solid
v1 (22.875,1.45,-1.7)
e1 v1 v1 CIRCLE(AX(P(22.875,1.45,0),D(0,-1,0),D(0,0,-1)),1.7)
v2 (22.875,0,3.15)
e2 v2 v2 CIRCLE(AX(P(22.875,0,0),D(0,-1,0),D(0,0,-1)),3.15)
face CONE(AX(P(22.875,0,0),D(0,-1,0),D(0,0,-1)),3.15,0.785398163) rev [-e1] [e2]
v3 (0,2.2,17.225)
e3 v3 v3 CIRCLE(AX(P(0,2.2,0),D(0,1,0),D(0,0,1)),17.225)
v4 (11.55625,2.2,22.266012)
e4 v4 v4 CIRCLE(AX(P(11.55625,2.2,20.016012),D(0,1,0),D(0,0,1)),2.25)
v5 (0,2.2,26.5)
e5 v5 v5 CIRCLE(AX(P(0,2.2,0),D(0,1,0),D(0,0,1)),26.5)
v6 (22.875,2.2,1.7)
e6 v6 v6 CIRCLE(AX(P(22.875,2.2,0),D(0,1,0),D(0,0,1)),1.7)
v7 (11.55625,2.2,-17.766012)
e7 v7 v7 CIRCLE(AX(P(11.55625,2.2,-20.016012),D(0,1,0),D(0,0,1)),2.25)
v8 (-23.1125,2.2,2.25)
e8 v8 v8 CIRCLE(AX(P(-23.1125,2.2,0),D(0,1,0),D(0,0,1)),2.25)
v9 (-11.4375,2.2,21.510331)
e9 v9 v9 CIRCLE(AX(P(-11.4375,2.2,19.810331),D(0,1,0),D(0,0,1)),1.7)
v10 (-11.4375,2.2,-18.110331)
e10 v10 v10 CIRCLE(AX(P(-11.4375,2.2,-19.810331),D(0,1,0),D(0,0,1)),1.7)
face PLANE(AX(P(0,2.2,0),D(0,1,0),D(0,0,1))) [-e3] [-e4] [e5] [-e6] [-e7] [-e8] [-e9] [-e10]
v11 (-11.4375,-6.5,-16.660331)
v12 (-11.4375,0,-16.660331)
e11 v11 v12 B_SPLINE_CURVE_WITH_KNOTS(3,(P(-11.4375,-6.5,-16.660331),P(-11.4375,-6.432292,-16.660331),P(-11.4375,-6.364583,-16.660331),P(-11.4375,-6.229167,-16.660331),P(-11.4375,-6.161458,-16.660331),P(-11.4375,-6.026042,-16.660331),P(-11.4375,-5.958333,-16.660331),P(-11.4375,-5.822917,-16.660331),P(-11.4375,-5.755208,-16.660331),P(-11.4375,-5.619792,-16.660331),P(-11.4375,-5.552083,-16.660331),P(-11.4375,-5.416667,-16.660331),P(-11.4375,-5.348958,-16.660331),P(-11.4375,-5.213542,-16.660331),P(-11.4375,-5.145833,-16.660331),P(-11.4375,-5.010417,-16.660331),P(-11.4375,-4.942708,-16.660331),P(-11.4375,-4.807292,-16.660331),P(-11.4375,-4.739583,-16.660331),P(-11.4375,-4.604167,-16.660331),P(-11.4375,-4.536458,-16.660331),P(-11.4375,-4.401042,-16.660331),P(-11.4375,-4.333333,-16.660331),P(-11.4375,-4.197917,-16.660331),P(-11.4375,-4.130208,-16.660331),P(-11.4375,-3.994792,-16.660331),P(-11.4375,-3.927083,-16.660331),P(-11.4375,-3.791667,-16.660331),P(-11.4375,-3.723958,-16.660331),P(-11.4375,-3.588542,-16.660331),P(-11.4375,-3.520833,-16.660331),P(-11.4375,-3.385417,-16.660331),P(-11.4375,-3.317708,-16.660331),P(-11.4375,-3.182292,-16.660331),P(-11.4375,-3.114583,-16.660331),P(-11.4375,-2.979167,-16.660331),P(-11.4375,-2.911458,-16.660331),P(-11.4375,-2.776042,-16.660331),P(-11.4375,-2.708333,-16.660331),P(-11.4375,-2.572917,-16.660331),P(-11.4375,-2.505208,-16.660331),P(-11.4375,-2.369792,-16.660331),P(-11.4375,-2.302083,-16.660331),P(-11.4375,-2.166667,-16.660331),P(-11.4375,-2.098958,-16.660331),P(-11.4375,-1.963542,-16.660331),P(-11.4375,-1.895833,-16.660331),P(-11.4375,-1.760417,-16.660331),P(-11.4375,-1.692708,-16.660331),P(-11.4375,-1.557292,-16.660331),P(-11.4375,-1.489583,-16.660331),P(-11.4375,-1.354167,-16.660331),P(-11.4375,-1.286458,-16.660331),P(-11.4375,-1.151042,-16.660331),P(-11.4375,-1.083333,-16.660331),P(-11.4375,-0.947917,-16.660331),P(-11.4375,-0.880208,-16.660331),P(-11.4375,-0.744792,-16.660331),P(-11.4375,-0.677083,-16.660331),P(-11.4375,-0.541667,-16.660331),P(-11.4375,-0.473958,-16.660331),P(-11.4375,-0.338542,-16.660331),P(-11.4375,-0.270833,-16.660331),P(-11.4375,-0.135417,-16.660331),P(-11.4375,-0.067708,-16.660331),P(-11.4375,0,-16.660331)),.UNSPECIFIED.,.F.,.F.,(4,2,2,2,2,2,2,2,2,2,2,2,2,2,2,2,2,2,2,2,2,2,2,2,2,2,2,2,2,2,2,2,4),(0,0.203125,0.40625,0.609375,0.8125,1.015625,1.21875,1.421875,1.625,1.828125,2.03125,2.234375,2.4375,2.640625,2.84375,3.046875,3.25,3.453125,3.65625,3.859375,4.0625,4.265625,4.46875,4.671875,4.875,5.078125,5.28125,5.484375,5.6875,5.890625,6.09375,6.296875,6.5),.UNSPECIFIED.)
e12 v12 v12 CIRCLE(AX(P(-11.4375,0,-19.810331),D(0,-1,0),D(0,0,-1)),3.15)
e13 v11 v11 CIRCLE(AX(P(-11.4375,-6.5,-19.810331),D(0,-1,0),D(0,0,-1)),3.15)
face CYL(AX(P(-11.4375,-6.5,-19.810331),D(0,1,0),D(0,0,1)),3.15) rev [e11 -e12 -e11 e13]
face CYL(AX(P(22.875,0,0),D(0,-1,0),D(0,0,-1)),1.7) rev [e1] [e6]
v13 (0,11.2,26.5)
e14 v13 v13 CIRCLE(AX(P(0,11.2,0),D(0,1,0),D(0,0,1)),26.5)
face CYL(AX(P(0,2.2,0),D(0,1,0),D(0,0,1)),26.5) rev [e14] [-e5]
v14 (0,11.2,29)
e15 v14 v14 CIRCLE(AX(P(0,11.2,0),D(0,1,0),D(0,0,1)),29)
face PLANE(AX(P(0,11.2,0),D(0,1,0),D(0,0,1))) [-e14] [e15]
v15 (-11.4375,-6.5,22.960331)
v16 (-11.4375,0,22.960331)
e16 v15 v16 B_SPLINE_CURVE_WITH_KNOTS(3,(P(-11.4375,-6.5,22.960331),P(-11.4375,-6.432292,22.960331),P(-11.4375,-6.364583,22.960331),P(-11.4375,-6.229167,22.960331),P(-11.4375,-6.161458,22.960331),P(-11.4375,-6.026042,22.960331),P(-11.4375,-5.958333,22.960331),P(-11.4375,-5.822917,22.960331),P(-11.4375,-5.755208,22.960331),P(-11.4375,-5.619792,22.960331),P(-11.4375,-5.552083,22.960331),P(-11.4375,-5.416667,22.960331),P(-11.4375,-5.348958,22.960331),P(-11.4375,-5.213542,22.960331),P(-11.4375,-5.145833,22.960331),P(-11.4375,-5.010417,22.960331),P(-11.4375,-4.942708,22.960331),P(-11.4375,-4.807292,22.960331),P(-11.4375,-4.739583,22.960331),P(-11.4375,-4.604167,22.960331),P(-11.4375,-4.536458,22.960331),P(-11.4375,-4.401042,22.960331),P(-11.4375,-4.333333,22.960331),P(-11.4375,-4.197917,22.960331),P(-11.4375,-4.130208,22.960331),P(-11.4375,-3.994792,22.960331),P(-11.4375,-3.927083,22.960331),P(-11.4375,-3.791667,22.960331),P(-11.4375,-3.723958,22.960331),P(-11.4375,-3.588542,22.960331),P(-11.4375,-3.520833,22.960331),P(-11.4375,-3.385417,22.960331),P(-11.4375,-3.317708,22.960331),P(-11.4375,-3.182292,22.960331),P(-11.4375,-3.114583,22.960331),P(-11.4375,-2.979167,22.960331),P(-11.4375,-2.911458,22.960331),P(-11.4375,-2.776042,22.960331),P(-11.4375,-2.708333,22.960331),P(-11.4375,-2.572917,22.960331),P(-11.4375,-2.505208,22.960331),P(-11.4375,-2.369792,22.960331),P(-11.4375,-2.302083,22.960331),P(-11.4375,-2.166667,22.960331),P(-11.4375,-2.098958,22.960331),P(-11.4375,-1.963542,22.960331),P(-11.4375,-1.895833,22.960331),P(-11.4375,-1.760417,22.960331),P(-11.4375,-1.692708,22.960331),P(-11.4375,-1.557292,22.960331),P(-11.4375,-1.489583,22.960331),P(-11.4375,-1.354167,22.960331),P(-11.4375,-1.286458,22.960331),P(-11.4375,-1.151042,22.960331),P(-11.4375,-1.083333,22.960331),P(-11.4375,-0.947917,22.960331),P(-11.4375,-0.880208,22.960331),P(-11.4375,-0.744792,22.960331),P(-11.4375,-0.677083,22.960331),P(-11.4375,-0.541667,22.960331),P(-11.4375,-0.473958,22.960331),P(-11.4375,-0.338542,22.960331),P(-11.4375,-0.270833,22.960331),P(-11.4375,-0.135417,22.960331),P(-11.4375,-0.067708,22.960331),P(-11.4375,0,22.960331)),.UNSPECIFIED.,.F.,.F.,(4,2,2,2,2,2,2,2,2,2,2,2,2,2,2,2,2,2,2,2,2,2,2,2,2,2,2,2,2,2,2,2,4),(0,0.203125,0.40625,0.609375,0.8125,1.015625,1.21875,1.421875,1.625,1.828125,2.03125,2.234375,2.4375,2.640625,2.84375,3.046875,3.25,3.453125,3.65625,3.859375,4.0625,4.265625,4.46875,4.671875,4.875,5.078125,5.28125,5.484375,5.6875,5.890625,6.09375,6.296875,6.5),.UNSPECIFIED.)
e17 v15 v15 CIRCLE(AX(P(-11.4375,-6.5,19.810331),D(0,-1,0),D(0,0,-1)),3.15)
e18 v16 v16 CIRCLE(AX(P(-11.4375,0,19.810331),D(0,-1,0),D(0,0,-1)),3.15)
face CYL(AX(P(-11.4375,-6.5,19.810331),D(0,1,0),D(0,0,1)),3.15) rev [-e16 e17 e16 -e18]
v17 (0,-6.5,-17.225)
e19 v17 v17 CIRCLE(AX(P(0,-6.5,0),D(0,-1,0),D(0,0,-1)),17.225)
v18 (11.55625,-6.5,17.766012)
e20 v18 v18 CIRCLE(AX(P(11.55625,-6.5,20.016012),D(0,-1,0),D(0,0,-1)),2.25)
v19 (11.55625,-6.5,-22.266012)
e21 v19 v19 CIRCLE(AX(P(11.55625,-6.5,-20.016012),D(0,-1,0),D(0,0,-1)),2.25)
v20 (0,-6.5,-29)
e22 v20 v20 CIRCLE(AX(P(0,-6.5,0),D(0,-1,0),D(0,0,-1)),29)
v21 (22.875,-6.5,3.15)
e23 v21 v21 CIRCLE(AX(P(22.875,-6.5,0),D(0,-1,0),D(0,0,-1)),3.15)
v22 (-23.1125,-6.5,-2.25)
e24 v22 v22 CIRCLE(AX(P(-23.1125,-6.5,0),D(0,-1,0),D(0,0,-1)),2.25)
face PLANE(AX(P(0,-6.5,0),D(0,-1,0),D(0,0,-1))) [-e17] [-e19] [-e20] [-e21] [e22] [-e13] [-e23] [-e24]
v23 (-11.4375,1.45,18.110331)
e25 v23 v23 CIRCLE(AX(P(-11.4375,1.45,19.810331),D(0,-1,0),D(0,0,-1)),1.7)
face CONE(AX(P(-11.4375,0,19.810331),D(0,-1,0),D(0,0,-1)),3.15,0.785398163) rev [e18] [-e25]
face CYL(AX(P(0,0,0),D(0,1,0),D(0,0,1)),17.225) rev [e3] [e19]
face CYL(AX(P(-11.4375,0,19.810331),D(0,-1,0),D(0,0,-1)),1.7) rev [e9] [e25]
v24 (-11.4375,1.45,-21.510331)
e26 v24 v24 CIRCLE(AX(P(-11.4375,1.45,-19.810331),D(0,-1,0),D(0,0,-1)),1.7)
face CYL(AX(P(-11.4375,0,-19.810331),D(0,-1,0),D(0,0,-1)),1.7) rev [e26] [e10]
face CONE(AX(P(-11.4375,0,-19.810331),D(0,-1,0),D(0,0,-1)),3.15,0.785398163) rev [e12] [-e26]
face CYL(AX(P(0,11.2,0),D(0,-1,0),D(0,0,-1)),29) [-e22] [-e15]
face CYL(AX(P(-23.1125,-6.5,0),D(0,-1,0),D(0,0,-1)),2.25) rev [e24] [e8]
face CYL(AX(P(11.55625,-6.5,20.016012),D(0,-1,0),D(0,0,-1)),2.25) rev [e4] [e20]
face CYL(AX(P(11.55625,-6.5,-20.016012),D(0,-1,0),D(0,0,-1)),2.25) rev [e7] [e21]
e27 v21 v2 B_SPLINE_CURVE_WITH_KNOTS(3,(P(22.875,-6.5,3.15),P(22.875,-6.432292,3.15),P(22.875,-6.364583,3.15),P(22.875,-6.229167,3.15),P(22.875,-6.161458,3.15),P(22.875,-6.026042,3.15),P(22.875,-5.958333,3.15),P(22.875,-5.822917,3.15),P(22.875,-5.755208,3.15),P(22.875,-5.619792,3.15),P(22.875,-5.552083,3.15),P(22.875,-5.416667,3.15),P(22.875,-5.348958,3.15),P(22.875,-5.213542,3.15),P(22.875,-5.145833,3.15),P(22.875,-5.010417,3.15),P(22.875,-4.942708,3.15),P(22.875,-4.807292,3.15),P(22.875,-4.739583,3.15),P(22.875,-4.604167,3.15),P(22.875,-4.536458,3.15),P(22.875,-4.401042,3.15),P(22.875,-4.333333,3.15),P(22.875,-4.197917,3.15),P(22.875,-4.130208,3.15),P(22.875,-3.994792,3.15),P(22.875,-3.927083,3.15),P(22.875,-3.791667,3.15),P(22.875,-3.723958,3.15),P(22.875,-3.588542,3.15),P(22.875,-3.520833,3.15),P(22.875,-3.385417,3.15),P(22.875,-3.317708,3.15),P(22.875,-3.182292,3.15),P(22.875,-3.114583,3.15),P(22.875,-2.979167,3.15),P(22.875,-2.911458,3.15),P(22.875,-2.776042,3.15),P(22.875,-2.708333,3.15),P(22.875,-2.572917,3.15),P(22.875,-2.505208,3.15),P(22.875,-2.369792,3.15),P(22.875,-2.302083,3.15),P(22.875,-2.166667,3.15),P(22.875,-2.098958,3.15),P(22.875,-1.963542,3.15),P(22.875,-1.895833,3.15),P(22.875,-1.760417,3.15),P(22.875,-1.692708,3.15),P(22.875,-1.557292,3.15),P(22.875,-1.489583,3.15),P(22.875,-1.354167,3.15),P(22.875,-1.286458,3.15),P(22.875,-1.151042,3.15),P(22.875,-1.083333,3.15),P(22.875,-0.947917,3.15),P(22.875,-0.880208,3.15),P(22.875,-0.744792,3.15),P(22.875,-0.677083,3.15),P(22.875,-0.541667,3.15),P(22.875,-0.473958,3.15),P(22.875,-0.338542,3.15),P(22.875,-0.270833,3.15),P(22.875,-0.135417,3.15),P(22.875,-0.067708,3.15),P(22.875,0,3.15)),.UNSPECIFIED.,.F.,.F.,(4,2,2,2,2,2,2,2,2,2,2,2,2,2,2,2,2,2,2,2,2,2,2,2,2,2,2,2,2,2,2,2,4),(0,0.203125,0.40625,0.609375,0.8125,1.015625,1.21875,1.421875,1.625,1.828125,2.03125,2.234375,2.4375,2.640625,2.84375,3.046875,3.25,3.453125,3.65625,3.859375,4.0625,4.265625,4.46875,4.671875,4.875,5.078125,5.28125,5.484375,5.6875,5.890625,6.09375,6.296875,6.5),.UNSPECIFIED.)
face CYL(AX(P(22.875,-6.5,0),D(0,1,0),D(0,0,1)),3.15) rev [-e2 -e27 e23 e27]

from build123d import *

# Parameters (mm, degrees)
ESQUISSE1_R                                    = 29
BOSS_EXTRU_1_DEPTH                             = 11.2
ESQUISSE2_R                                    = 26.5
ENL_V_MAT_EXTRU_1_DEPTH                        = 9
ESQUISSE3_R                                    = 17.225
ENL_V_MAT_EXTRU_2_DEPTH                        = 42.98809355
FRAISAGE_POUR_VIS_T_TE_FRAIS_E_M31_D           = 3.4
FRAISAGE_POUR_VIS_T_TE_FRAIS_E_M31_CSINK_D     = 6.3
FRAISAGE_POUR_VIS_T_TE_FRAIS_E_M31_CSINK_ANGLE = 90
ESQUISSE7_R                                    = 29
ESQUISSE7_R_2                                  = 17.225
ESQUISSE7_R_3                                  = 3.15
BOSS_EXTRU_2_DEPTH                             = 6.5
DIAM_TRE_DU_PER_AGE_4_5_4_5_1_D                = 4.5


with BuildPart() as part:
    # Esquisse1 → Boss.-Extru.1 (new body)
    with BuildSketch(Plane(origin=(0, 0, 0), x_dir=(1, 0, 0), z_dir=(0, 1, 0))):
        with Locations(Location((0, 0, 0), (0, 0, 270))):
            Circle(ESQUISSE1_R)
    extrude(amount=BOSS_EXTRU_1_DEPTH)

    # Esquisse2 → Enlèv. mat.-Extru.1 (cut)
    with BuildSketch(Plane(origin=(0, 11.2, 0), x_dir=(1, 0, 0), z_dir=(0, 1, 0))):
        with Locations(Location((0, 0, 0), (0, 0, 270))):
            Circle(ESQUISSE2_R)
    extrude(amount=-ENL_V_MAT_EXTRU_1_DEPTH, mode=Mode.SUBTRACT)

    # Esquisse3 → Enlèv. mat.-Extru.2 (cut, through all)
    with BuildSketch(Plane(origin=(0, 2.2, 0), x_dir=(1, 0, 0), z_dir=(0, 1, 0))):
        with Locations(Location((0, 0, 0), (0, 0, 270))):
            Circle(ESQUISSE3_R)
    extrude(amount=-ENL_V_MAT_EXTRU_2_DEPTH, mode=Mode.SUBTRACT)

    # Fraisage pour vis à tête fraisée M31 (through all)
    with Locations(Plane(origin=(0, 0, 0), x_dir=(-1, 0, 0), z_dir=(0, -1, 0))):
        with Locations((-22.875, 0), (11.4375, 19.810331112), (11.4375, -19.810331112), (0, 0)):
            CounterSinkHole(FRAISAGE_POUR_VIS_T_TE_FRAIS_E_M31_D / 2, FRAISAGE_POUR_VIS_T_TE_FRAIS_E_M31_CSINK_D / 2, counter_sink_angle=FRAISAGE_POUR_VIS_T_TE_FRAIS_E_M31_CSINK_ANGLE)

    # Esquisse7 → Boss.-Extru.2 (add)
    with BuildSketch(Plane.XZ):
        with Locations(Location((0, 0, 0), (0, 0, 270))):
            Circle(ESQUISSE7_R)
        with Locations(Location((0, 0, 0), (0, 0, 90))):
            Circle(ESQUISSE7_R_2, mode=Mode.SUBTRACT)
        with Locations(Location((-11.4375, 19.810331112, 0), (0, 0, 90))):
            Circle(ESQUISSE7_R_3, mode=Mode.SUBTRACT)
        with Locations(Location((-11.4375, -19.810331112, 0), (0, 0, 90))):
            Circle(ESQUISSE7_R_3, mode=Mode.SUBTRACT)
        with Locations(Location((22.875, 0, 0), (0, 0, 90))):
            Circle(ESQUISSE7_R_3, mode=Mode.SUBTRACT)
    extrude(amount=BOSS_EXTRU_2_DEPTH)

    # Diamètre du perçage Ø4.5 (4.5)1 (through all)
    with Locations(Plane(origin=(0, -6.5, 0), x_dir=(-1, 0, 0), z_dir=(0, -1, 0))):
        with Locations((0, 0), (23.1125, 0), (-11.55625, -20.016012145), (-11.55625, 20.016012145)):
            Hole(DIAM_TRE_DU_PER_AGE_4_5_4_5_1_D / 2)


solid = part.part
